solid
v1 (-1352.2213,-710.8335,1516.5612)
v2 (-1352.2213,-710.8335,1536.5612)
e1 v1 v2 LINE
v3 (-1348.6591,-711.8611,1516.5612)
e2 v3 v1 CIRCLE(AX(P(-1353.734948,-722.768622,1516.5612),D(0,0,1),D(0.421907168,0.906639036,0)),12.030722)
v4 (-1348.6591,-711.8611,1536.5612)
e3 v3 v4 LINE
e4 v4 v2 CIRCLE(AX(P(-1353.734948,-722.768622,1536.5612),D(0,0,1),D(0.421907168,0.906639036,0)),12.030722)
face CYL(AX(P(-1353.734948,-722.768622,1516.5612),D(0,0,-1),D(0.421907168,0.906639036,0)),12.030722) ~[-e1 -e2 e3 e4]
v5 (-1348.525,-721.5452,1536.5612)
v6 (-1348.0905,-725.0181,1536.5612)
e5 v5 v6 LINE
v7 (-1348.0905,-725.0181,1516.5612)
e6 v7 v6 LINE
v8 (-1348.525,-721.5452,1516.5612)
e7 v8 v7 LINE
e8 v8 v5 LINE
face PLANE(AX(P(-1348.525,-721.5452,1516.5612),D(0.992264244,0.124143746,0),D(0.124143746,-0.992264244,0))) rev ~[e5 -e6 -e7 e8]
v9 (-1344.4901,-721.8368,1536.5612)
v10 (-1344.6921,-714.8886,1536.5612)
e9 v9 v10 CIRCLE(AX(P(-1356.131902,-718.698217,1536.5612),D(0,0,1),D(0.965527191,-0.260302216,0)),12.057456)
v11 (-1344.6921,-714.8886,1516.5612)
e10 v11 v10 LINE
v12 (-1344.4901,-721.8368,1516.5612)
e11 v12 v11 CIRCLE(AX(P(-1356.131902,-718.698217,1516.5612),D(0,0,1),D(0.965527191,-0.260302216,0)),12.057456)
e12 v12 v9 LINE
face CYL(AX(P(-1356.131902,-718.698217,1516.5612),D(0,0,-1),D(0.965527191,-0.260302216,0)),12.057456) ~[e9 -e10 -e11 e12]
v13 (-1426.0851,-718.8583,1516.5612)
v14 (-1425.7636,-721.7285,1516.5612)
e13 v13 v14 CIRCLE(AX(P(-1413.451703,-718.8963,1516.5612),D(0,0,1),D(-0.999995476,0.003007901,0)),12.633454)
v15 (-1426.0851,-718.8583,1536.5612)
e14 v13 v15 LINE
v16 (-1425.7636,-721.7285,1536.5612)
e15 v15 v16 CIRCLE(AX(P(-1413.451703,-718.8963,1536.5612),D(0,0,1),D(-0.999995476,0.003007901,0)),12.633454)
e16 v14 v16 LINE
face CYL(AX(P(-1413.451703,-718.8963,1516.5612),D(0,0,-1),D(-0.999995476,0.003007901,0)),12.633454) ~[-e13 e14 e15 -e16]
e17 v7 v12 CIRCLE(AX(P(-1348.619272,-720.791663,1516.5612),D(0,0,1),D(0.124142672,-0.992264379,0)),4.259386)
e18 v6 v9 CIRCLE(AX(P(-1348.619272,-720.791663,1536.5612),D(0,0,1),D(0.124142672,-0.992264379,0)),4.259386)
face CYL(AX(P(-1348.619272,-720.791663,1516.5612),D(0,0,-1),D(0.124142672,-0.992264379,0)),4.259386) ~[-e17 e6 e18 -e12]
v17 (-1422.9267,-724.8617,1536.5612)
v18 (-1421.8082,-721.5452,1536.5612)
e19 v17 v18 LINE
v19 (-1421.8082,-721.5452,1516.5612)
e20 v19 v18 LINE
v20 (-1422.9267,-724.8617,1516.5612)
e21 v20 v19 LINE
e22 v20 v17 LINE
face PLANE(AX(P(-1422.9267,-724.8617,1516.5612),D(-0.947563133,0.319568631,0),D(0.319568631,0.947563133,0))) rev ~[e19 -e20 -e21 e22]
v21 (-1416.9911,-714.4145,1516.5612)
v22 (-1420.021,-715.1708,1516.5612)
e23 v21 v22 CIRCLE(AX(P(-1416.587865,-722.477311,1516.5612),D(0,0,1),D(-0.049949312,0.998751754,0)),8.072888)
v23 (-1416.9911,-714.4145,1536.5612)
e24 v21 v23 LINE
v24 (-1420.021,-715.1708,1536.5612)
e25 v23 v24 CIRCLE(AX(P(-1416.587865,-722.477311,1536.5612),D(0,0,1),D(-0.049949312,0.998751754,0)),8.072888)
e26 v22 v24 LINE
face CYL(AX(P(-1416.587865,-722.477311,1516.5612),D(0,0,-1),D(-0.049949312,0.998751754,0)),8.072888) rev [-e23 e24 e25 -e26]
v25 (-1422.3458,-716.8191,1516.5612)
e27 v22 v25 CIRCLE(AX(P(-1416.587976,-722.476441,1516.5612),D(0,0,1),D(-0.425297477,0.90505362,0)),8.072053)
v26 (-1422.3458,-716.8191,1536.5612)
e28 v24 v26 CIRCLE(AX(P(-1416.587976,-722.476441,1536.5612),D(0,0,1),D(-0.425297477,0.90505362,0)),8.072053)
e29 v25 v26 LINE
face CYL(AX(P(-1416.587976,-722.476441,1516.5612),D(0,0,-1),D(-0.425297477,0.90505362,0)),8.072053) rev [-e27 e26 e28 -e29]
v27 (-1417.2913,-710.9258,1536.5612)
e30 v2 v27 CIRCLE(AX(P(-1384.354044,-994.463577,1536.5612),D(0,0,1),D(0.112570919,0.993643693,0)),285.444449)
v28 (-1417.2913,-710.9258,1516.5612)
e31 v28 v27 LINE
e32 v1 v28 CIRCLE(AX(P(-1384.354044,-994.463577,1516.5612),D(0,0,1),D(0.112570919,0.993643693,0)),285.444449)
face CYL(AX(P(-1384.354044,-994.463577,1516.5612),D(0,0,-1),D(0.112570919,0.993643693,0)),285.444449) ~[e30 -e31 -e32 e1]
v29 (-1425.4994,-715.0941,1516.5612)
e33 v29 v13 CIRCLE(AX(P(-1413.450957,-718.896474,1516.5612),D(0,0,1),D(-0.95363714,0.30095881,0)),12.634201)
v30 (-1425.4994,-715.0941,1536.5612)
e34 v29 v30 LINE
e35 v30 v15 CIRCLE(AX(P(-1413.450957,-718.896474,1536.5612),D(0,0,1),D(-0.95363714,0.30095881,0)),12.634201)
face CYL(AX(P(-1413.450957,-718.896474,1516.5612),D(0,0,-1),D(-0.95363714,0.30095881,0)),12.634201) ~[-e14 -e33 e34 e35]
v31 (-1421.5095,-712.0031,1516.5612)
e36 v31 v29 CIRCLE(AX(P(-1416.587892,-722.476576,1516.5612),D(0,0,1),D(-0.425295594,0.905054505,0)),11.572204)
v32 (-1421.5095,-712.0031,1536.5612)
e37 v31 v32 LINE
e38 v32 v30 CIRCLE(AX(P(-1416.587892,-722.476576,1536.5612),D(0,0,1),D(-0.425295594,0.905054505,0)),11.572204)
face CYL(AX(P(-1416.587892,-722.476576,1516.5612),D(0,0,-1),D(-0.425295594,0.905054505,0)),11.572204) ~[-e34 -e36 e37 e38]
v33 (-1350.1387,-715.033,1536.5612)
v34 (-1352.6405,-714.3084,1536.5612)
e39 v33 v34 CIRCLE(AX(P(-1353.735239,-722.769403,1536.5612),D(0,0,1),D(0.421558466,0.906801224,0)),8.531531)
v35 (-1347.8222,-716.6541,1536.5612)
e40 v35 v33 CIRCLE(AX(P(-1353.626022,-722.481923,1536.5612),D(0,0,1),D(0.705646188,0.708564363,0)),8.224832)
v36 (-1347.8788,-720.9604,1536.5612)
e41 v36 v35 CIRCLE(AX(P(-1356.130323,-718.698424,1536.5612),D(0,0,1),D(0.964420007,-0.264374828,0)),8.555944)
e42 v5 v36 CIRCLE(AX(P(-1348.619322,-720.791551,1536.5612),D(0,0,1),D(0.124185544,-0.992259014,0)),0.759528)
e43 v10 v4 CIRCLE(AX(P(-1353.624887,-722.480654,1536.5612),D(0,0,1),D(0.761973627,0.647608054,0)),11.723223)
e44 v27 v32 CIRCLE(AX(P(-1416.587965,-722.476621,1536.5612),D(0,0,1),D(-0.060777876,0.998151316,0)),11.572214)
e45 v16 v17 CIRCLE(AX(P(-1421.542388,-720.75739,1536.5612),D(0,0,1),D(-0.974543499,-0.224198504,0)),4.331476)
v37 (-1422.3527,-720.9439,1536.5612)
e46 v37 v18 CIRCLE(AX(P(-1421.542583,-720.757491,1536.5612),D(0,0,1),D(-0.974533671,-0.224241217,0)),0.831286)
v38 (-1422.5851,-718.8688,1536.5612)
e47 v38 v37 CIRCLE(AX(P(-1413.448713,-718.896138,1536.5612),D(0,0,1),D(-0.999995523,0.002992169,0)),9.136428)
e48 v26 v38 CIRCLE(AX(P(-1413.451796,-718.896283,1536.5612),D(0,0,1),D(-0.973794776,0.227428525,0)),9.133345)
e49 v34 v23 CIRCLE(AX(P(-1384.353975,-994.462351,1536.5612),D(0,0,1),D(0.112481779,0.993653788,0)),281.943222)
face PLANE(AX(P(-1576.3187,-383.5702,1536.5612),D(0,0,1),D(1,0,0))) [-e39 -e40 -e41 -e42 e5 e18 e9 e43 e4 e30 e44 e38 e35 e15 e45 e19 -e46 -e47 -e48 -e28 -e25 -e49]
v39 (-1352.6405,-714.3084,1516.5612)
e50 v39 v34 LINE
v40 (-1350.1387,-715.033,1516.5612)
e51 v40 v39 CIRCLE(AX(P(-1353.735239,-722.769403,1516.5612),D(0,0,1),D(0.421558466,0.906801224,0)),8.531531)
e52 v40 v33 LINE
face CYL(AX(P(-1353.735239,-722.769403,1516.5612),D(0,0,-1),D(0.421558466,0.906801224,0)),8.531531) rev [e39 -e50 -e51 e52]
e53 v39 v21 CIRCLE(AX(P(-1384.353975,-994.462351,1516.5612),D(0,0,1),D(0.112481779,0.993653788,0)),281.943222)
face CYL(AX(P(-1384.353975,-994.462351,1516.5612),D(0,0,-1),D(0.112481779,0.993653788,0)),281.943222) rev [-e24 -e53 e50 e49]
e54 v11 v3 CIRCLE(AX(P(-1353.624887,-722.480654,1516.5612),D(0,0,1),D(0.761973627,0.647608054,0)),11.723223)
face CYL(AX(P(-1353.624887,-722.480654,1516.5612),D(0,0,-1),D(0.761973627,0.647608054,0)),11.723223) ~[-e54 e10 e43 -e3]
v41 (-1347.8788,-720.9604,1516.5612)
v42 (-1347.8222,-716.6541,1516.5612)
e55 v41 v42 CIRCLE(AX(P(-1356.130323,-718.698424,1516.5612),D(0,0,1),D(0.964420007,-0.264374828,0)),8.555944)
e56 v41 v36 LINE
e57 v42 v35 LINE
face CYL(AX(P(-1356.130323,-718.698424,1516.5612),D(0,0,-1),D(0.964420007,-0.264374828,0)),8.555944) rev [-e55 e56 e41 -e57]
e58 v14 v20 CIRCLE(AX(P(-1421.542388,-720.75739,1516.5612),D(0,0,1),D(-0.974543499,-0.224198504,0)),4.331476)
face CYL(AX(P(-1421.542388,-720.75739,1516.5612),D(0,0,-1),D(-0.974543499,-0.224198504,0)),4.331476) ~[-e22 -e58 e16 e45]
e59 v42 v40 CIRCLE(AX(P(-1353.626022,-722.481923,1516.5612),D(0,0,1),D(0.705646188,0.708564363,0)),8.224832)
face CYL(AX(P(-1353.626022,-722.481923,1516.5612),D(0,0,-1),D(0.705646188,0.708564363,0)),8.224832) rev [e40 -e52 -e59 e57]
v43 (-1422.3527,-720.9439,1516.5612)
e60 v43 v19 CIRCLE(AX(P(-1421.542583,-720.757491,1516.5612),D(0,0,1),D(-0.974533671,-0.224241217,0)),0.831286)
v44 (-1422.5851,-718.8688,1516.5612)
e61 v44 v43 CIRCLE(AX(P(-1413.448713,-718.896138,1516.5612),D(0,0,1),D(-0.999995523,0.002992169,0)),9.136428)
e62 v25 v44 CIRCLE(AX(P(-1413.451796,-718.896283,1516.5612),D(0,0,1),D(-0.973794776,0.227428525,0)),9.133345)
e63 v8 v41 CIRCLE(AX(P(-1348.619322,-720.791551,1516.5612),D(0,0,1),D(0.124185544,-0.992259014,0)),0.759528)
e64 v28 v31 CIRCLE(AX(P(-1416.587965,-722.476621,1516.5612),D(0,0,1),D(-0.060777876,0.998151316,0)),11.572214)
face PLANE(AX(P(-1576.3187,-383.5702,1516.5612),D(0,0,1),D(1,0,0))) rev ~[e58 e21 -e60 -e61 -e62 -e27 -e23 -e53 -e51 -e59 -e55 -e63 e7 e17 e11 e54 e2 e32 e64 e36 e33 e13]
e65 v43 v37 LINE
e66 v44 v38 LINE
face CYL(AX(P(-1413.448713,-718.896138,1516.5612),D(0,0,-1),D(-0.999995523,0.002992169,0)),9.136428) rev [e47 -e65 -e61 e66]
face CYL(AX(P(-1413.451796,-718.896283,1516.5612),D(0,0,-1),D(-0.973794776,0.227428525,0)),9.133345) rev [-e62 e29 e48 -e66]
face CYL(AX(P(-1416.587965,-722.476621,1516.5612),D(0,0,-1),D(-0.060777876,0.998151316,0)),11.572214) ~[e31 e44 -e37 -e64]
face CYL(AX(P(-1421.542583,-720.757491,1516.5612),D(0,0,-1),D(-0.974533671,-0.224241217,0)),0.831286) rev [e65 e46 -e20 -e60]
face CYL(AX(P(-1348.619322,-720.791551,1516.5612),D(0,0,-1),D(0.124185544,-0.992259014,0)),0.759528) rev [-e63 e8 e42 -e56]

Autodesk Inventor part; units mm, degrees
ref_plane "YZ Plane" through (0, 0, 0) normal (1, 0, 0) x (0, 1, 0)
ref_plane "XZ Plane" through (0, 0, 0) normal (0, 1, 0) x (-1, 0, 0)
ref_plane "XY Plane" through (0, 0, 0) normal (0, 0, 1) x (1, 0, 0)
ref_plane "Work Plane7" through (-1576.3187, -383.5702, 1516.5612) normal (0, 0, 1) x (1, 0, 0)
sketch "Sketch7" plane through (-1576.3187, -383.5702, 1516.5612) normal (0, 0, 1) x (1, 0, 0)
  arc A0 (159.3276, -330.8443) -> (156.2977, -331.6006) centre (159.7307, -338.9062) ccw
  arc A1 (156.2977, -331.6006) -> (153.9729, -333.2489) centre (159.7307, -338.9062) ccw
  arc A2 (153.9729, -333.2489) -> (153.7336, -335.2986) centre (162.867, -335.3261) ccw
  arc A3 (153.7336, -335.2986) -> (153.966, -337.3737) centre (162.867, -335.3261) ccw
  arc A4 (153.966, -337.3737) -> (154.5105, -337.975) centre (154.7761, -337.1873) ccw
  arc A5 (228.4965, -333.0839) -> (226.18, -331.4628) centre (222.6932, -338.9111) ccw
  arc A6 (228.4399, -337.3902) -> (228.4965, -333.0839) centre (220.1875, -335.1281) ccw
  arc A7 (227.7937, -337.975) -> (228.4399, -337.3902) centre (227.6994, -337.2214) ccw
  arc A8 (223.6782, -330.7382) -> (159.3276, -330.8443) centre (191.9649, -610.889) ccw
  arc A9 (226.18, -331.4628) -> (223.6782, -330.7382) centre (222.5826, -339.2015) ccw
  arc A10 (150.5551, -338.1583) -> (153.392, -341.2915) centre (154.7761, -337.1873) ccw
  arc A11 (150.2336, -335.2881) -> (150.5551, -338.1583) centre (162.867, -335.3261) ccw
  arc A12 (150.8193, -331.5239) -> (150.2336, -335.2881) centre (162.867, -335.3261) ccw
  arc A13 (154.8092, -328.4329) -> (150.8193, -331.5239) centre (159.7307, -338.9062) ccw
  arc A14 (159.0274, -327.3556) -> (154.8092, -328.4329) centre (159.7307, -338.9062) ccw
  arc A15 (224.0974, -327.2633) -> (159.0274, -327.3556) centre (191.9649, -610.889) ccw
  arc A16 (227.6596, -328.2909) -> (224.0974, -327.2633) centre (222.5826, -339.2015) ccw
  arc A17 (231.6266, -331.3184) -> (227.6596, -328.2909) centre (222.6932, -338.9111) ccw
  arc A18 (231.8286, -338.2666) -> (231.6266, -331.3184) centre (220.1875, -335.1281) ccw
  arc A19 (228.2282, -341.4479) -> (231.8286, -338.2666) centre (227.6994, -337.2214) ccw
  line L0 (153.392, -341.2915) -> (154.5105, -337.975)
  line L1 (227.7937, -337.975) -> (228.2282, -341.4479)
  point P0 (1576.3187, 383.5702)
  dimension "d20" = 73.2832
  dimension "d21" = 3.5
  dimension "d22" = 74.8362
extrude "Extrusion3" add sketch "Sketch7" along normal blind 20
properties part number "_3DPrint"
